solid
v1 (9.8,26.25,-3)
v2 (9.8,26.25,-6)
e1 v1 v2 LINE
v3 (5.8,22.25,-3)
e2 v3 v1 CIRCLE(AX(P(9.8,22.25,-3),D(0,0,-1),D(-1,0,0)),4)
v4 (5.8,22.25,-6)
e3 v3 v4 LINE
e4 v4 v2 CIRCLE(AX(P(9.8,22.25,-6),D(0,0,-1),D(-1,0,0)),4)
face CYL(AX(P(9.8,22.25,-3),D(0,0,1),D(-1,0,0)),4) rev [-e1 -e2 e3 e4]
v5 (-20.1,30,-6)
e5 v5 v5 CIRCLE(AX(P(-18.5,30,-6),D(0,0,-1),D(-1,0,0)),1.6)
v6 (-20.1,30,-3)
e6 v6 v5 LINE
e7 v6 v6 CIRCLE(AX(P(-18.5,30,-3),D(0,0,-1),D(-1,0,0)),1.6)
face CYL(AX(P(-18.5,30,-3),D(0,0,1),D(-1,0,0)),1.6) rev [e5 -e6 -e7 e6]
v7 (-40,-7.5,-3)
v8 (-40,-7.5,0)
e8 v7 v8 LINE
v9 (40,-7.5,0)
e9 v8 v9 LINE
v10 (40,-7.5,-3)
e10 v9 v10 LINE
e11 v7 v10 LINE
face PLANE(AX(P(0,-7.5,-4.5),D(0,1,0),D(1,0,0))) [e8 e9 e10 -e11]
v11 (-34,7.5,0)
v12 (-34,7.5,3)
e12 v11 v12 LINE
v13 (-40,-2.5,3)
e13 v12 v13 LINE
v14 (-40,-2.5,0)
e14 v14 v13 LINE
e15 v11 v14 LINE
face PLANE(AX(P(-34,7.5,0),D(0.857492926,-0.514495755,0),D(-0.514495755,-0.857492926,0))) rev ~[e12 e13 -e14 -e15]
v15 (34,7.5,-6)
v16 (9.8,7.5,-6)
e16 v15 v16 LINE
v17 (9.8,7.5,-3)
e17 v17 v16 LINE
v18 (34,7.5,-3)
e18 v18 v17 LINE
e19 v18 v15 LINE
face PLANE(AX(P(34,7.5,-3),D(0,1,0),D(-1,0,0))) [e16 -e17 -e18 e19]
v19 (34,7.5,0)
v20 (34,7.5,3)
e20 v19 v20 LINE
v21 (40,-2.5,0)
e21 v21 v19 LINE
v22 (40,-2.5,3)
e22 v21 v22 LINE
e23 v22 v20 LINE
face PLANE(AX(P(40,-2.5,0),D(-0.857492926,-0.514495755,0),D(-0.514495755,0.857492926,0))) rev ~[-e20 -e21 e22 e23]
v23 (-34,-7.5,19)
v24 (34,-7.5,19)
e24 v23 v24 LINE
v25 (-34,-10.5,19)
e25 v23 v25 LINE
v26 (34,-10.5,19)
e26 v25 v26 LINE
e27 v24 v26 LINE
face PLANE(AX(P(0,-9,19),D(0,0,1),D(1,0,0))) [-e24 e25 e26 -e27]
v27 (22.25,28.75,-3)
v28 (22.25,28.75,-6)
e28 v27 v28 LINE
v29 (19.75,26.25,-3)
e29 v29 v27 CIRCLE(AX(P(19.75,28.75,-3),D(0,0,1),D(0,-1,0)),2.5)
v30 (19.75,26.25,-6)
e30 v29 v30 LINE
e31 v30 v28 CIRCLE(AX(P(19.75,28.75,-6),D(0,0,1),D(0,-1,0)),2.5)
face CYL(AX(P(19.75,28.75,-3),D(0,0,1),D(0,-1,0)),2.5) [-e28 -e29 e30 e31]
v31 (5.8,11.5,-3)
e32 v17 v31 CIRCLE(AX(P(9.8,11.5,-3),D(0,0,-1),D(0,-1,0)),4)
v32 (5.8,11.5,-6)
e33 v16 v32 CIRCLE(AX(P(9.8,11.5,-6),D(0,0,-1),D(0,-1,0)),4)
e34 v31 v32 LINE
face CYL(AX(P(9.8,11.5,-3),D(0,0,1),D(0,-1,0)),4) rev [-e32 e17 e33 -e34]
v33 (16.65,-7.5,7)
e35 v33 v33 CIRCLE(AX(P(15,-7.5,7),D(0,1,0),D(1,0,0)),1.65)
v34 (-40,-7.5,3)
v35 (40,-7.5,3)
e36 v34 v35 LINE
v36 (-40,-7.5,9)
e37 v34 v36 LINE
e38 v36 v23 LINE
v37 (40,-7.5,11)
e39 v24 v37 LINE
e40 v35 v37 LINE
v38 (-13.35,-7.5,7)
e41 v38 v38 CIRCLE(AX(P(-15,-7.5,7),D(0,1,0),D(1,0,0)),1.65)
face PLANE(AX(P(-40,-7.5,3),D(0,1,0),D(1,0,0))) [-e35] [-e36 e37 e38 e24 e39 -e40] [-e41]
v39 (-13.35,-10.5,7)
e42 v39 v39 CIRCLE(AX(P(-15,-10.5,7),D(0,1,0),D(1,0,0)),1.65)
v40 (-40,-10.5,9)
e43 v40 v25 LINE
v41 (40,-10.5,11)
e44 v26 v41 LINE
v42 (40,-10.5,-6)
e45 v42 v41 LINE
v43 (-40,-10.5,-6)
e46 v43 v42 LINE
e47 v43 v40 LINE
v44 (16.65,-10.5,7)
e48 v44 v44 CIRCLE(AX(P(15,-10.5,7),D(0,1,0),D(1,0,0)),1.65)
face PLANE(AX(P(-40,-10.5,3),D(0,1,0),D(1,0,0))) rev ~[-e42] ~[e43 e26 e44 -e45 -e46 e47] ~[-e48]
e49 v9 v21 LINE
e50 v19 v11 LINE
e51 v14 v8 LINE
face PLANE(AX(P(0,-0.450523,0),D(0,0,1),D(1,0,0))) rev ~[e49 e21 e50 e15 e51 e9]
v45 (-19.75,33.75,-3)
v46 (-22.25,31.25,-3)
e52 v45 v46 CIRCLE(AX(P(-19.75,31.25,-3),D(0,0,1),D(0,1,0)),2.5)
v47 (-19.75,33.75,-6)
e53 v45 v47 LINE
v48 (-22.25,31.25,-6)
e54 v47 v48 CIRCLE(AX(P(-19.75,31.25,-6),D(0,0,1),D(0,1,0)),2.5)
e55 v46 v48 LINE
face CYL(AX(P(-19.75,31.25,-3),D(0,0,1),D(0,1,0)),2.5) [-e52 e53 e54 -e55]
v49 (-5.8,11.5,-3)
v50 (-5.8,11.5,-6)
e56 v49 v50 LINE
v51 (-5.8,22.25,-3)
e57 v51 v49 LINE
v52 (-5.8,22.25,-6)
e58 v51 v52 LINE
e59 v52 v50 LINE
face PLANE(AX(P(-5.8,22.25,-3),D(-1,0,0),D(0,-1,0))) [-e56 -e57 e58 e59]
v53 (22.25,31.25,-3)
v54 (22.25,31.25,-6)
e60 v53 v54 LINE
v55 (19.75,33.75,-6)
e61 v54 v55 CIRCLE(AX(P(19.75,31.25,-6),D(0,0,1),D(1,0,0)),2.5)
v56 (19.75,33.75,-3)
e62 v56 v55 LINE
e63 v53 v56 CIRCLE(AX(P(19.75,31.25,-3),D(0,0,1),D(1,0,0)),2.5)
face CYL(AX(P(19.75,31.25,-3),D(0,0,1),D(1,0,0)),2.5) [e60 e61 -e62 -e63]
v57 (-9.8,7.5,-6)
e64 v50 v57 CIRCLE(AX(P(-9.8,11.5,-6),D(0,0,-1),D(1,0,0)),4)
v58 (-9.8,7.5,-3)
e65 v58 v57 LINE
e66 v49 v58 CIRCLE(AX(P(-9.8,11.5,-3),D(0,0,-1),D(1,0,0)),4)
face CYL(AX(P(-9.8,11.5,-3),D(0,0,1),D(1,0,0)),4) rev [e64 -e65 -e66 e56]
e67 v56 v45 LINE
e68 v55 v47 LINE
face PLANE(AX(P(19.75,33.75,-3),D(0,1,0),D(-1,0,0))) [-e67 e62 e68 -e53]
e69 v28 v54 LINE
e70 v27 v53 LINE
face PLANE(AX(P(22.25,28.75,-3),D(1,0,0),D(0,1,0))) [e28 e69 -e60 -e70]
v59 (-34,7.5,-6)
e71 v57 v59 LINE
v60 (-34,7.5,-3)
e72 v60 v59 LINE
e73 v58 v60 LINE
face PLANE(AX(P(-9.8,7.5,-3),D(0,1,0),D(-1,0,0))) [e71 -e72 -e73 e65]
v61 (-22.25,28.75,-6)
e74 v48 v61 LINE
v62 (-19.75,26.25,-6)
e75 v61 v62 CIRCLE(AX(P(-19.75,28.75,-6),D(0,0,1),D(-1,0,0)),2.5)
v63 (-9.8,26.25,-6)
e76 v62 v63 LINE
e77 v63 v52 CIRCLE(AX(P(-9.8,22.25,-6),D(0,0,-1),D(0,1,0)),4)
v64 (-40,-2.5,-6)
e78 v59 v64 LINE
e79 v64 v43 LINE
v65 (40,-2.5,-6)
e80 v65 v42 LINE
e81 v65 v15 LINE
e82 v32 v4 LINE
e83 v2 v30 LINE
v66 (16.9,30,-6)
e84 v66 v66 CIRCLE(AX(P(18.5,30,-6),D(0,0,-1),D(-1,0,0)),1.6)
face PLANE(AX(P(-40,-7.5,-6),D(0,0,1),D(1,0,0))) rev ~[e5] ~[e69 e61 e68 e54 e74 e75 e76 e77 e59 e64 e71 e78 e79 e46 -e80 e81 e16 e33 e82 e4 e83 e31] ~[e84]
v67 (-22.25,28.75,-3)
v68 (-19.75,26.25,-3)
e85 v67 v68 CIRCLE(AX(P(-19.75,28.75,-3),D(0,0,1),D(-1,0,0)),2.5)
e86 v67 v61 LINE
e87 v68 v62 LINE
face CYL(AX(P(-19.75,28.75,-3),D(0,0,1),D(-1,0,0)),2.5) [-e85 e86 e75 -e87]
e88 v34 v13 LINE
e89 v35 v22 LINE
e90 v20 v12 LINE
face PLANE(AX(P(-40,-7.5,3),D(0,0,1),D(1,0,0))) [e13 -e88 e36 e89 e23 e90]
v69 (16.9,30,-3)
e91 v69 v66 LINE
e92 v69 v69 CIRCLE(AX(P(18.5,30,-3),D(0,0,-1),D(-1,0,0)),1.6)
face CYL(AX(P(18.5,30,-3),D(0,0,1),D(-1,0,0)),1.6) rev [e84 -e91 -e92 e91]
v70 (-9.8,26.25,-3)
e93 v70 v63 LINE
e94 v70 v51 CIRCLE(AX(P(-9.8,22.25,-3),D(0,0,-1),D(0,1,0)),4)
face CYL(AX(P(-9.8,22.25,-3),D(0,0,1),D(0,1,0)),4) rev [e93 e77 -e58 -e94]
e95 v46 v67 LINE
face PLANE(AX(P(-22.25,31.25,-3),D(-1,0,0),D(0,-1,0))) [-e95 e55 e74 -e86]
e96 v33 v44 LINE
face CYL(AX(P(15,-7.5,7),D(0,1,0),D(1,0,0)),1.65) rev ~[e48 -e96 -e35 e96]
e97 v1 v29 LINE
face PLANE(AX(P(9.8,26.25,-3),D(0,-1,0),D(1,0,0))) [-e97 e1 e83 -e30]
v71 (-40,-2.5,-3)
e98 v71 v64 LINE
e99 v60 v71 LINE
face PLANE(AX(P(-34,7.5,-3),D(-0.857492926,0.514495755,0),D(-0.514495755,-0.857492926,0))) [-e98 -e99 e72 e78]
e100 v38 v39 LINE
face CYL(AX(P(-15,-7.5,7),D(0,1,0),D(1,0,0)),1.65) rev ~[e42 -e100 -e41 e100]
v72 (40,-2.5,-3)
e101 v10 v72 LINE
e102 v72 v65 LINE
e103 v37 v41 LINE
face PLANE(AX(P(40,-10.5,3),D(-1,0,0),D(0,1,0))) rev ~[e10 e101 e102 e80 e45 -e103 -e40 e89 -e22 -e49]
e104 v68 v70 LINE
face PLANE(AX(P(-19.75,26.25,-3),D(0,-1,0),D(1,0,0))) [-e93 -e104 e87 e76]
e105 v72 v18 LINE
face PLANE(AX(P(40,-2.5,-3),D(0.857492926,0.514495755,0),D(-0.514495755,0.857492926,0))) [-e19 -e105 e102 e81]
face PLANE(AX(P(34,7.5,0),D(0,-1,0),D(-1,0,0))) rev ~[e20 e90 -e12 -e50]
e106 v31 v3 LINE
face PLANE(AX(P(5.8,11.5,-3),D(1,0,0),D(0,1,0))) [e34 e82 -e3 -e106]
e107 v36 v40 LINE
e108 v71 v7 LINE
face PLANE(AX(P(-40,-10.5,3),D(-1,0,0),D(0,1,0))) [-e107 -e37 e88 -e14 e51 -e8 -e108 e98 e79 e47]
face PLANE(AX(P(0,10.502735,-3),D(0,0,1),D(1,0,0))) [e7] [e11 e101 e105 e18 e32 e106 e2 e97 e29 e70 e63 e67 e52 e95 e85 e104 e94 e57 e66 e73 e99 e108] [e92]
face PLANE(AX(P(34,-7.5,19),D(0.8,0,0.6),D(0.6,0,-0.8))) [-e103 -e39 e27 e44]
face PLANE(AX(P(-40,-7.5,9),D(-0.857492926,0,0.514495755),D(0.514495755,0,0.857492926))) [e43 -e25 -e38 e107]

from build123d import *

# Parameters (mm, degrees)
BOSS_EXTRUDE1_DEPTH = 3
SKETCH3_R           = 1.6
BOSS_EXTRUDE2_DEPTH = 3
SKETCH2_W           = 80
SKETCH2_H           = 3
BOSS_EXTRUDE3_DEPTH = 3
SKETCH8_W           = 80
SKETCH8_H           = 3
BOSS_EXTRUDE6_DEPTH = 16
SKETCH21_R          = 1.65
CUT_EXTRUDE1_DEPTH  = 4
CUT_EXTRUDE2_DEPTH  = 4


with BuildPart() as part:
    # Sketch1 → Boss-Extrude1 (new body)
    with BuildSketch(Plane.XY):
        Polygon((40, -2.5), (34, 7.5), (-34, 7.5), (-40, -2.5), (-40, -7.5), (40, -7.5), align=None)
    extrude(amount=BOSS_EXTRUDE1_DEPTH)



with BuildPart() as body_2:
    # Sketch3 → Boss-Extrude2 (new body)
    with BuildSketch(Plane(origin=(0, 0, -3), x_dir=(-1, 0, 0), z_dir=(0, 0, -1))):
        with BuildLine():
            Line((40, -7.5), (-40, -7.5))
            Line((-40, -7.5), (-40, -2.5))
            Line((-40, -2.5), (-34, 7.5))
            Line((-34, 7.5), (-9.8, 7.5))
            ThreePointArc((-9.8, 7.5), (-6.971572875, 8.671572875), (-5.8, 11.5))
            Line((-5.8, 11.5), (-5.8, 22.25))
            ThreePointArc((-5.8, 22.25), (-6.971572875, 25.078427125), (-9.8, 26.25))
            Line((-9.8, 26.25), (-19.75, 26.25))
            ThreePointArc((-19.75, 26.25), (-21.517766953, 26.982233047), (-22.25, 28.75))
            Line((-22.25, 28.75), (-22.25, 31.25))
            ThreePointArc((-22.25, 31.25), (-21.517766953, 33.017766953), (-19.75, 33.75))
            Line((-19.75, 33.75), (19.75, 33.75))
            ThreePointArc((19.75, 33.75), (21.517766953, 33.017766953), (22.25, 31.25))
            Line((22.25, 31.25), (22.25, 28.75))
            ThreePointArc((22.25, 28.75), (21.517766953, 26.982233047), (19.75, 26.25))
            Line((19.75, 26.25), (9.8, 26.25))
            ThreePointArc((9.8, 26.25), (6.971572875, 25.078427125), (5.8, 22.25))
            Line((5.8, 22.25), (5.8, 11.5))
            ThreePointArc((5.8, 11.5), (6.971572875, 8.671572875), (9.8, 7.5))
            Line((9.8, 7.5), (34, 7.5))
            Line((34, 7.5), (40, -2.5))
            Line((40, -2.5), (40, -7.5))
        make_face()
        with Locations((-18.5, 30)):
            Circle(SKETCH3_R, mode=Mode.SUBTRACT)
        with Locations((18.5, 30)):
            Circle(SKETCH3_R, mode=Mode.SUBTRACT)
    extrude(amount=BOSS_EXTRUDE2_DEPTH)


with BuildPart() as part_1:
    add(part.part)

    add(body_2.part)  # Boss-Extrude3 merges body 2
    # Sketch2 → Boss-Extrude3 (add)
    with BuildSketch(Plane(origin=(0, -7.5, 0), x_dir=(1, 0, 0), z_dir=(0, 1, 0))):
        with Locations((0, 4.5)):
            Rectangle(SKETCH2_W, SKETCH2_H)
        with Locations((0, 1.5)):
            Rectangle(SKETCH2_W, SKETCH2_H)
        with Locations((0, -1.5)):
            Rectangle(SKETCH2_W, SKETCH2_H)
    extrude(amount=-BOSS_EXTRUDE3_DEPTH)

    # Sketch8 → Boss-Extrude6 (add)
    with BuildSketch(Plane.XY.offset(3)):
        with Locations((0, -9)):
            Rectangle(SKETCH8_W, SKETCH8_H)
    extrude(amount=BOSS_EXTRUDE6_DEPTH)

    # Sketch21 → Cut-Extrude1 (cut, through all)
    with BuildSketch(Plane(origin=(0, -7.5, 0), x_dir=(1, 0, 0), z_dir=(0, 1, 0))):
        with Locations((-15, -7)):
            Circle(SKETCH21_R)
        with Locations((15, -7)):
            Circle(SKETCH21_R)
    extrude(amount=-CUT_EXTRUDE1_DEPTH, mode=Mode.SUBTRACT)

    # Sketch24 → Cut-Extrude2 (cut, through all)
    with BuildSketch(Plane(origin=(0, -7.5, 0), x_dir=(1, 0, 0), z_dir=(0, 1, 0))):
        Polygon((-40, -19), (-40, -9), (-34, -19), align=None)
        Polygon((40, -19), (34, -19), (40, -11), align=None)
    extrude(amount=-CUT_EXTRUDE2_DEPTH, mode=Mode.SUBTRACT)


solid = part_1.part
